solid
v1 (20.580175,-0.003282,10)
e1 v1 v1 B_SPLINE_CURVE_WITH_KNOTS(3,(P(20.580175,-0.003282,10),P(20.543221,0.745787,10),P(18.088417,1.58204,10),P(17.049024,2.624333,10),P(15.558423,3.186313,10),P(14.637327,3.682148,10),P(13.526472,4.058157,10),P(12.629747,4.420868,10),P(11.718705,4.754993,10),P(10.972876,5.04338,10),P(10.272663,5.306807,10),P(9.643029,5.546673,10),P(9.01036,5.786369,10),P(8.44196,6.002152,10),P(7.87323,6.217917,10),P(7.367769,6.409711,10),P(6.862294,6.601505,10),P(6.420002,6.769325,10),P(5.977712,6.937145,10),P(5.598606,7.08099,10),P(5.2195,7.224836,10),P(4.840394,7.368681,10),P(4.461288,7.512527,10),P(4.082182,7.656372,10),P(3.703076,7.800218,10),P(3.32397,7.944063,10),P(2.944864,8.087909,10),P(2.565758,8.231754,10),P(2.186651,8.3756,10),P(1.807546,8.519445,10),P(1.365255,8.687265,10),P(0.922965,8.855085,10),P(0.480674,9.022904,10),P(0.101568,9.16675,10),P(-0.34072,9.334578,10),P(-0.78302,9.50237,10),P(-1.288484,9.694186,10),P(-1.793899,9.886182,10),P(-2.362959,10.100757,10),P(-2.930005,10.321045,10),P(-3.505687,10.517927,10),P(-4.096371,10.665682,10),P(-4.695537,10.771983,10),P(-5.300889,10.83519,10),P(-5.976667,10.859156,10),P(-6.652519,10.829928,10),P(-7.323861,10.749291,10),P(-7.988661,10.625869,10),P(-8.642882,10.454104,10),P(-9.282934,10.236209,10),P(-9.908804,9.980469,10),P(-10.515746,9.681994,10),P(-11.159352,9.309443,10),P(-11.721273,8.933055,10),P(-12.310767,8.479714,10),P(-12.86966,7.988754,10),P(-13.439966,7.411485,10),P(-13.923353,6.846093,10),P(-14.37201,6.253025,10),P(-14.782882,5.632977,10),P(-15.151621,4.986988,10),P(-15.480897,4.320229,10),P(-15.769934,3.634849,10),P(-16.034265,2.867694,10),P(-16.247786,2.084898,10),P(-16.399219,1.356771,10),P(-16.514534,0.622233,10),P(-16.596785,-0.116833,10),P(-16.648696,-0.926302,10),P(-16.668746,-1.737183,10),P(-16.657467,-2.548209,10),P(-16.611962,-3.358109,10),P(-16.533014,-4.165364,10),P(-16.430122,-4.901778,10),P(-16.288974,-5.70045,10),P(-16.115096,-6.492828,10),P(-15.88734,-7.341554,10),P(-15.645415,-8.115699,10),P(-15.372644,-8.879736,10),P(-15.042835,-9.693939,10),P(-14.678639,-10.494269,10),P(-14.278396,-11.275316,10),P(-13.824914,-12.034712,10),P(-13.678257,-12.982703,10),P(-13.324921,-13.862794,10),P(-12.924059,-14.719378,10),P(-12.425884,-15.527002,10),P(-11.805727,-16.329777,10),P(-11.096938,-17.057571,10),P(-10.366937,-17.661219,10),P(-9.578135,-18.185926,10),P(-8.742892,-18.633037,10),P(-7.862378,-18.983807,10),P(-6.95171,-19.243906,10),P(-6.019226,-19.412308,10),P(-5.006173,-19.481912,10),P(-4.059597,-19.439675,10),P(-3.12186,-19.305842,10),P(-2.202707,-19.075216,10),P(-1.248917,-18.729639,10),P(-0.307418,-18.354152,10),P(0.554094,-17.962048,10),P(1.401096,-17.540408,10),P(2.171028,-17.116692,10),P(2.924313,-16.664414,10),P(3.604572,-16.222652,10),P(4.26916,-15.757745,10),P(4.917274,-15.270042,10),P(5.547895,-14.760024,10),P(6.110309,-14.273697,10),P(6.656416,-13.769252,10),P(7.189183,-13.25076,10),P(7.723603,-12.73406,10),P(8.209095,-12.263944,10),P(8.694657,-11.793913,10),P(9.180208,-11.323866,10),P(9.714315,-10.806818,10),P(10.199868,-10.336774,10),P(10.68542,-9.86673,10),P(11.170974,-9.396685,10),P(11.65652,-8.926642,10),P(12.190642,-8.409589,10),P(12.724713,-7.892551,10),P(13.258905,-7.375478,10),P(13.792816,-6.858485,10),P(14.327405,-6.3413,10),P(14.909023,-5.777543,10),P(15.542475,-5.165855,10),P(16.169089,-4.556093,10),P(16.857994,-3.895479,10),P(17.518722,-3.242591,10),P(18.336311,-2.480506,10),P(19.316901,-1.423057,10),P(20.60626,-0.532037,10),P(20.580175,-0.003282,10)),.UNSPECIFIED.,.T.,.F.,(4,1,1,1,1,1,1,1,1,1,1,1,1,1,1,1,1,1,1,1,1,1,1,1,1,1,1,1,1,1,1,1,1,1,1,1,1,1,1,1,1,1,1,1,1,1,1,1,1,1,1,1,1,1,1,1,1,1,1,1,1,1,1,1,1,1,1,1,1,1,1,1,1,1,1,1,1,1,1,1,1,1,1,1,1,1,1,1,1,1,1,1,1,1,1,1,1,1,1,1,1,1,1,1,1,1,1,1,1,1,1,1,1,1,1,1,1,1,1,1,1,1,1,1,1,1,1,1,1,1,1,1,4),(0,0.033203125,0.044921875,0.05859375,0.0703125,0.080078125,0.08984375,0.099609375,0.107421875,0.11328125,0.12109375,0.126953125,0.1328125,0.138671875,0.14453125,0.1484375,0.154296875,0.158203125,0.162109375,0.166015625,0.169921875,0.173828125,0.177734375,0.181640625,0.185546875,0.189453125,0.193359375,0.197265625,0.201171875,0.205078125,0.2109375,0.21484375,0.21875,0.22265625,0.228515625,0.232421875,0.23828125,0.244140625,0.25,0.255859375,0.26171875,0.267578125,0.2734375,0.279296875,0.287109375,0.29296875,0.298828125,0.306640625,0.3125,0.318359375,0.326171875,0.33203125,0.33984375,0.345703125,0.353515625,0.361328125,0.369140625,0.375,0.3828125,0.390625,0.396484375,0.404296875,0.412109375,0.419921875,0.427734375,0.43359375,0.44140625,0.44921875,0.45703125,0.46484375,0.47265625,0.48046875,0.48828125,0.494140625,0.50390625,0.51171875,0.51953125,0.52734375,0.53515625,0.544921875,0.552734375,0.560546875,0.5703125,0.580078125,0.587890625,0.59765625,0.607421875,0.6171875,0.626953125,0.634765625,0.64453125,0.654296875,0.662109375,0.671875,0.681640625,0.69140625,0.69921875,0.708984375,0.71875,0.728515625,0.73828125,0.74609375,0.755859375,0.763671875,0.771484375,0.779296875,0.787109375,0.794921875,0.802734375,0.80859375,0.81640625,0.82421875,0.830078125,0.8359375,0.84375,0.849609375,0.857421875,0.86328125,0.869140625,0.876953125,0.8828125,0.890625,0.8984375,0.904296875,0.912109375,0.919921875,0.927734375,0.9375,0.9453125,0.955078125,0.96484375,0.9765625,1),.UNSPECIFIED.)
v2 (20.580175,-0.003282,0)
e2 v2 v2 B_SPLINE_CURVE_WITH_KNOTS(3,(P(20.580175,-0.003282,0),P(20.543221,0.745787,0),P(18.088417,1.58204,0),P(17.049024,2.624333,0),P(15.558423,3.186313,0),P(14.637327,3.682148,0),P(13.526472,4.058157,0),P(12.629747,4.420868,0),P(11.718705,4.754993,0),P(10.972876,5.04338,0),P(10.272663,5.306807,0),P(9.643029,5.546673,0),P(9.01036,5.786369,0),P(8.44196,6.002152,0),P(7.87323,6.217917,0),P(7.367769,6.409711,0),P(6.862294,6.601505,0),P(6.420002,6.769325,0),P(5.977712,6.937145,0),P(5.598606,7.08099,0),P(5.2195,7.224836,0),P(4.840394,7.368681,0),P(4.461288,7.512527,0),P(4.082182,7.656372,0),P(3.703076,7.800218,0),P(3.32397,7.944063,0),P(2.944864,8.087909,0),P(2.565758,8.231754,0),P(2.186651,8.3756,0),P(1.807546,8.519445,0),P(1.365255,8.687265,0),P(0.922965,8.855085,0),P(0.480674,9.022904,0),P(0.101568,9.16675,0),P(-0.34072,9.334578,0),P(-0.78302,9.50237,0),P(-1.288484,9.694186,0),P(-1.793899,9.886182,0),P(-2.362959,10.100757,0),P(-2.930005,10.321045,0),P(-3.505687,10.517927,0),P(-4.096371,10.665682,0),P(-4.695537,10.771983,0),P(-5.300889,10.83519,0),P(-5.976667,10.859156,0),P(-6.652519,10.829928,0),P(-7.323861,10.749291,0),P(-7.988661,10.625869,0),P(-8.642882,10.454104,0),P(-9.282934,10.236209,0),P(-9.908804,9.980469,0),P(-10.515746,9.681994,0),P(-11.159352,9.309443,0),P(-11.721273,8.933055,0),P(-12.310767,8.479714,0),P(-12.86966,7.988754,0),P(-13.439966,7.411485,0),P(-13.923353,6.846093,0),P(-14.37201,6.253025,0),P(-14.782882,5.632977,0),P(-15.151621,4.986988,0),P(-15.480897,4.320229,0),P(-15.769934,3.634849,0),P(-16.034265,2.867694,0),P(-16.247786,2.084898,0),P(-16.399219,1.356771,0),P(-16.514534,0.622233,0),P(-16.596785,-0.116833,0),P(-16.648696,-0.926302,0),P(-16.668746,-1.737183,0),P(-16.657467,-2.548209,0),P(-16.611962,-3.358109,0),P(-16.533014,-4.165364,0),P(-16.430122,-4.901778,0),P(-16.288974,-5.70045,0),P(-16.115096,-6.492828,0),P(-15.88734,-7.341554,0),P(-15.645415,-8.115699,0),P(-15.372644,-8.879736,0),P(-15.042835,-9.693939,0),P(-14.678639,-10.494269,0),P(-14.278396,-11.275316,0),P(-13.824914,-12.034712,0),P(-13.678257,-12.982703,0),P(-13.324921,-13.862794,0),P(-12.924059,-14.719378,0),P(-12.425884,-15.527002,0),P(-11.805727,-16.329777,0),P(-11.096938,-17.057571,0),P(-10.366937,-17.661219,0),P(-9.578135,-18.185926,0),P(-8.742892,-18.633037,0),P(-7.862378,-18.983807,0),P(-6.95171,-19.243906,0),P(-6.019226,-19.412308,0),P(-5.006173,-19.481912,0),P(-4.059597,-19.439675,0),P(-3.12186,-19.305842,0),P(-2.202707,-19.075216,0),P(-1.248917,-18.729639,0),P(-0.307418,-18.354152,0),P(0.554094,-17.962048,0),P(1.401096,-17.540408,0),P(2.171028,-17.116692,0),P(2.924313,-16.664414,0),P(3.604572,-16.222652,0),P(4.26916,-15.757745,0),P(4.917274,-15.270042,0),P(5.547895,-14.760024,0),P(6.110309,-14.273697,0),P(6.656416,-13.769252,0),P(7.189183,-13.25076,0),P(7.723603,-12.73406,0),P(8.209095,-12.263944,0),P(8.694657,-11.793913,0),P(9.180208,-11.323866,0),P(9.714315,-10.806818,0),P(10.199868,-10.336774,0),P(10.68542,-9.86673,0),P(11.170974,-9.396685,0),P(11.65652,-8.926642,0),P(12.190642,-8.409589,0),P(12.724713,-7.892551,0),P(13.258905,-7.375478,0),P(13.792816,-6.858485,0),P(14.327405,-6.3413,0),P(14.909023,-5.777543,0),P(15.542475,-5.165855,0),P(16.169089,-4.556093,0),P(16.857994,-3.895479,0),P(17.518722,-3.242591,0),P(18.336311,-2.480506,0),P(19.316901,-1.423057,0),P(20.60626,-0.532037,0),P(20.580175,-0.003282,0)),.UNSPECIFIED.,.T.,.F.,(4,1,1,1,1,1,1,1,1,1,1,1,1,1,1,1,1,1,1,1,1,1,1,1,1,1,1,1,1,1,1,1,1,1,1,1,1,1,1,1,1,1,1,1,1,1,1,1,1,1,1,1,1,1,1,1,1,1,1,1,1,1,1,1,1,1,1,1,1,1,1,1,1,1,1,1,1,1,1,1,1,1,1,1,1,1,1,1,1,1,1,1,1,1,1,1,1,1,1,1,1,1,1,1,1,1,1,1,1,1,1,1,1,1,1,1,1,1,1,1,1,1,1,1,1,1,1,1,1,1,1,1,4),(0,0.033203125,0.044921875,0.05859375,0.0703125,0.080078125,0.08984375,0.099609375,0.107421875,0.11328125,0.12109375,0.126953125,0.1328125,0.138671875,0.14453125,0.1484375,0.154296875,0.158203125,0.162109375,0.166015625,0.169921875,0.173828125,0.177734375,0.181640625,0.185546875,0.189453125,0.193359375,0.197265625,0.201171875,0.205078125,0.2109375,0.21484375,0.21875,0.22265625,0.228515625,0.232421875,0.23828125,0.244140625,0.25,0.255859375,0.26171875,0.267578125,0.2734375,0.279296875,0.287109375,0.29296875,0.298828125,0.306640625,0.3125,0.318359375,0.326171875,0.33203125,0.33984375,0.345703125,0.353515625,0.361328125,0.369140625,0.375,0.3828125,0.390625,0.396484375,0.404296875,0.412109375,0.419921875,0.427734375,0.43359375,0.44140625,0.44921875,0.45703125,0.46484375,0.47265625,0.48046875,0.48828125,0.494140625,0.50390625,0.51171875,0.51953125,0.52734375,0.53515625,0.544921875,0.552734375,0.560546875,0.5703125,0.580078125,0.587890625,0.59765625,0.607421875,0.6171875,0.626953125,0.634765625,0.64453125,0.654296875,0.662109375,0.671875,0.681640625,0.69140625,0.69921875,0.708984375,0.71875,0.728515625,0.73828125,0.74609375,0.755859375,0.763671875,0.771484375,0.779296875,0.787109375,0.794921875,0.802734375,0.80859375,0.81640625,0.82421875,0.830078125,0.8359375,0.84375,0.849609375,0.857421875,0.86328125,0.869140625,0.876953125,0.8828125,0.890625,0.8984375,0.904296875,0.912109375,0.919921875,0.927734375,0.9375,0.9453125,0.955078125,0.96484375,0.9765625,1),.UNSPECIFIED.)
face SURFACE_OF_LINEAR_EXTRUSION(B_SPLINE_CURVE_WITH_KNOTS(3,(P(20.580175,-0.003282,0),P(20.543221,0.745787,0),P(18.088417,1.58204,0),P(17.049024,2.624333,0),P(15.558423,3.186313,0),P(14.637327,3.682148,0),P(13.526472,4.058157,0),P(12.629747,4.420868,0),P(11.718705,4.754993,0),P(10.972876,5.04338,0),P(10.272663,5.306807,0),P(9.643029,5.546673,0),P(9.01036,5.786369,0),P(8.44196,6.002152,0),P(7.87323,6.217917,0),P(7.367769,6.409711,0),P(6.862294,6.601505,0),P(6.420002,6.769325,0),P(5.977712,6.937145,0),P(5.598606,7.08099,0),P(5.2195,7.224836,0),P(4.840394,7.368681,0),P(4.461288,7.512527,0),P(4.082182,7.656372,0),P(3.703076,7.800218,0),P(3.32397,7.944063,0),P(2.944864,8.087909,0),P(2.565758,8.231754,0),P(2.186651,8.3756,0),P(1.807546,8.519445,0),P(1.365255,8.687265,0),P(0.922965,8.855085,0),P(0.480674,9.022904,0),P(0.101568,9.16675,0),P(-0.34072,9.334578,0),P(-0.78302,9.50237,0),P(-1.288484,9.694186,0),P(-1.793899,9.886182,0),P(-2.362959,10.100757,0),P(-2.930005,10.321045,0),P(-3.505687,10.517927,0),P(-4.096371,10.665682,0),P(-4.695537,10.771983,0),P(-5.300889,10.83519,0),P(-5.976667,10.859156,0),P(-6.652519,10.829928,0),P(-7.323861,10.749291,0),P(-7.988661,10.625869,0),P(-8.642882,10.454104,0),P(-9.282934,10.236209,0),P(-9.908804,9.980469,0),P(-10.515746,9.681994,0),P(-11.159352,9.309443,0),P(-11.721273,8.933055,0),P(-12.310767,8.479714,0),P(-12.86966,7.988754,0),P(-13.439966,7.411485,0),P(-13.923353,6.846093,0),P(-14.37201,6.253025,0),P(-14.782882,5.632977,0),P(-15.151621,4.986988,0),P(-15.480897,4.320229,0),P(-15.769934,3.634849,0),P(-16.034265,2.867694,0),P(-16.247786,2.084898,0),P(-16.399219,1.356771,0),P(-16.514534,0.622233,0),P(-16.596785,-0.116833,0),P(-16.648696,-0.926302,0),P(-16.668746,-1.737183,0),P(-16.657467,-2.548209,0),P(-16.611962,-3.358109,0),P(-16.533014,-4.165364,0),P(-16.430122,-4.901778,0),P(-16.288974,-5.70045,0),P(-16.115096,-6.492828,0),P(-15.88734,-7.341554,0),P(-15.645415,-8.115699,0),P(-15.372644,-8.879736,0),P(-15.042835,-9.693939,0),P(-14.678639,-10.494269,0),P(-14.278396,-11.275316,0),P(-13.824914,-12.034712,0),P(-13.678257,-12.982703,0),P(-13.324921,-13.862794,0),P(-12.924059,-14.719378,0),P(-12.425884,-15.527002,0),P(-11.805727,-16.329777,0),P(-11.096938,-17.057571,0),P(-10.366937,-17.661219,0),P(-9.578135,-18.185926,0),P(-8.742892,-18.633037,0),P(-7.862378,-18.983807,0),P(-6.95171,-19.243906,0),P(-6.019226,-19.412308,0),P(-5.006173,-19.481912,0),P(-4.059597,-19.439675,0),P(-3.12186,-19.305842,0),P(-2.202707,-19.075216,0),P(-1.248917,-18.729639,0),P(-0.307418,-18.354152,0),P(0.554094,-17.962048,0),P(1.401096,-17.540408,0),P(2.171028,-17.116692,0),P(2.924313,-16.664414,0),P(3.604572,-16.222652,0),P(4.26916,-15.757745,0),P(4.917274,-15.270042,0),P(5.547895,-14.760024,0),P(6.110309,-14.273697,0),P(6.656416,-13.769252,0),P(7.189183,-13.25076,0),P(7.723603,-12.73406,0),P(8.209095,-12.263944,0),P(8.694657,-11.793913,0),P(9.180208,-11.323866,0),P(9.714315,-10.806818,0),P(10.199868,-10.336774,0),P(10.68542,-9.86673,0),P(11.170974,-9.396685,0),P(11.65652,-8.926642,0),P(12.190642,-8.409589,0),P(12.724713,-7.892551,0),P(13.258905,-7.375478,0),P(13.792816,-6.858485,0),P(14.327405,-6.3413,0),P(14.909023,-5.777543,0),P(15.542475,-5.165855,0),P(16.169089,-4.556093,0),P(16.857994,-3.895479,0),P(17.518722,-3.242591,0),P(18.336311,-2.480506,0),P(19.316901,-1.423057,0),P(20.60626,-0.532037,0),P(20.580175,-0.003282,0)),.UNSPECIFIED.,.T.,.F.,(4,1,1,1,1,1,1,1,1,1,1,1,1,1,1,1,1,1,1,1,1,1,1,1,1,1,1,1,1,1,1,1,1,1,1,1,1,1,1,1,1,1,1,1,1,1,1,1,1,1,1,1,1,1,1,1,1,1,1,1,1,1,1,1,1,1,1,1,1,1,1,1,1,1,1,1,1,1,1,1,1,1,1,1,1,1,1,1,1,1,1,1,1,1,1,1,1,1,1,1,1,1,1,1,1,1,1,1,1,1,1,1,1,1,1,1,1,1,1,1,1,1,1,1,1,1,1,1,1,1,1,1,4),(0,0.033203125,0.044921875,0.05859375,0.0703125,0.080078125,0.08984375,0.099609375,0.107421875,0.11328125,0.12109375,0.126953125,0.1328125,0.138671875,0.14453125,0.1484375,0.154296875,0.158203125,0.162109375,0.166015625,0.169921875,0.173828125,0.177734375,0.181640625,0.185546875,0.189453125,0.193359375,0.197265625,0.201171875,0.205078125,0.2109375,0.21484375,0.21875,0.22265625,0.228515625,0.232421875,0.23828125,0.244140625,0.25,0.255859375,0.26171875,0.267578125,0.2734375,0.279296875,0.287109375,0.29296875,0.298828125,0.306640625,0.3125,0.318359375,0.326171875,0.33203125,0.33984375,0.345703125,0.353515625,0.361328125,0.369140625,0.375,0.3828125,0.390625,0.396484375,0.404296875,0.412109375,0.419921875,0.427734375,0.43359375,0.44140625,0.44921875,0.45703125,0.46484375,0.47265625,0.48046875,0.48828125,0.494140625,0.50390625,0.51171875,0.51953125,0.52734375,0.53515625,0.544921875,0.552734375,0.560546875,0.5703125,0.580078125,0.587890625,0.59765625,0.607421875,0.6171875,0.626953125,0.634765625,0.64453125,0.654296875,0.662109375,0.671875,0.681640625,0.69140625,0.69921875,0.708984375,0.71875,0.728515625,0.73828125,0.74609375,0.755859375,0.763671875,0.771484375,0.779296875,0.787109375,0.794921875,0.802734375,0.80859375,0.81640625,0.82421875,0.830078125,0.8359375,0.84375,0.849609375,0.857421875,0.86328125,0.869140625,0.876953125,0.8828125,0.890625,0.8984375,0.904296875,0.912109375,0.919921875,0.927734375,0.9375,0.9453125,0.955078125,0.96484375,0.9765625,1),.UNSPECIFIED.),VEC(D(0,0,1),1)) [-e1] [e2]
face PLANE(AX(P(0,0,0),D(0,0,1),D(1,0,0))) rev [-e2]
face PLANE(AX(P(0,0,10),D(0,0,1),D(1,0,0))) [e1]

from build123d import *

# Parameters (mm, degrees)
BOSS_EXTRUDE1_DEPTH = 10


with BuildPart() as part:
    # 3DSketch1 → Boss-Extrude1 (new body)
    with BuildSketch(Plane(origin=(20.580175011, -0.003282043, 0), x_dir=(-0.9937703775318802, -0.11144701315039465, 0), z_dir=(0, 0, 1))):
        with BuildLine():
            add(Edge.make_bspline(
                [(0, 0), (-0.046757783, -0.748521475), (2.299556262, -1.853145427), (3.216313907, -3.004781814), (4.63499743, -3.729383954), (5.495095822, -4.324784176), (6.557126253, -4.822251923), (7.407841594, -5.282640526), (8.275970607, -5.716217109), (8.9850133, -6.085927982), (9.651506237, -6.425750977), (10.250485376, -6.734293052), (10.85249982, -7.043005495), (11.393311, -7.320790209), (11.934451883, -7.598593999), (12.415389216, -7.845525936), (12.896339675, -8.092458718), (13.31717332, -8.308524991), (13.738004933, -8.524591174), (14.09871816, -8.709790821), (14.459431491, -8.894990451), (14.820144675, -9.080190191), (15.18085794, -9.265389788), (15.541571153, -9.450589508), (15.902284353, -9.635789246), (16.262997549, -9.820988991), (16.623710911, -10.006188412), (16.984424305, -10.191387771), (17.345137493, -10.376587535), (17.705850548, -10.561787553), (18.126682695, -10.777853741), (18.547514682, -10.993920324), (18.96834729, -11.209985522), (19.329060296, -11.3951855), (19.749888824, -11.611259749), (20.170733721, -11.827300063), (20.651671714, -12.07425294), (21.132540965, -12.321380081), (21.674141927, -12.598038097), (22.213105416, -12.880150234), (22.763258936, -13.139963307), (23.333796447, -13.352627575), (23.917382582, -13.525041392), (24.51191963, -13.655319469), (25.180816875, -13.754449911), (25.855715967, -13.800726082), (26.531862575, -13.795409868), (27.206275767, -13.74684666), (27.875563765, -13.649062743), (28.53591251, -13.503856761), (29.186385261, -13.319462028), (29.822810101, -13.090487654), (30.503926067, -12.791985966), (31.104294031, -12.480567253), (31.740639499, -12.095747745), (32.35076659, -11.670133009), (32.981855013, -11.160018664), (33.525241627, -10.652021634), (34.037198894, -10.11264907), (34.514614297, -9.54225396), (34.953049663, -8.941384137), (35.35458323, -8.315476), (35.718202878, -7.666578456), (36.066384367, -6.933660583), (36.365815396, -6.179537897), (36.59745292, -5.472823121), (36.793911532, -4.755712526), (36.958016442, -4.030417372), (37.099816767, -3.231777022), (37.210112295, -2.428181181), (37.289290243, -1.620951222), (37.334329419, -0.811025165), (37.345839968, 0), (37.325659398, 0.743293239), (37.274400811, 1.552720379), (37.189913926, 2.359540058), (37.058164355, 3.228361715), (36.90402239, 4.024645687), (36.718100299, 4.814322645), (36.481086928, 5.660209532), (36.208354602, 6.496142835), (35.897649527, 7.316930323), (35.531624739, 8.122134225), (35.491532859, 9.080563724), (35.23848077, 9.994550554), (34.935580161, 10.890473235), (34.530515966, 11.748586045), (34.003688938, 12.615474832), (33.380425745, 13.417727423), (32.722247722, 14.098971369), (31.996836584, 14.708319027), (31.216625699, 15.245729972), (30.380689814, 15.692445802), (29.504682308, 16.052415537), (28.596774744, 16.323691026), (27.597789699, 16.505763629), (26.652403282, 16.569282431), (25.70559268, 16.540791032), (24.766463614, 16.414038324), (23.780101571, 16.176912074), (22.802621093, 15.908690609), (21.902777228, 15.615042761), (21.014061103, 15.290424856), (20.20170361, 14.955155545), (19.402706344, 14.589646267), (18.67745181, 14.226448908), (17.965190957, 13.838504987), (17.266762191, 13.426069802), (16.583229802, 12.989510061), (15.970119344, 12.56889196), (15.371195244, 12.128452217), (14.783962751, 11.672565203), (14.195288063, 11.218643529), (13.66042666, 10.80556312), (13.125506538, 10.392574239), (12.590594607, 9.979569243), (12.002191158, 9.525266456), (11.467278206, 9.112263723), (10.93236616, 8.699261525), (10.397451798, 8.286257878), (9.862545409, 7.873256113), (9.274126789, 7.418950834), (8.685760597, 6.964654067), (8.097270747, 6.510336713), (7.509068022, 6.056066918), (6.920170469, 5.601682465), (6.27934741, 5.106255993), (5.581670385, 4.568975022), (4.891003667, 4.032846756), (4.132766993, 3.453123637), (3.403392397, 2.877939139), (2.505965201, 2.211719501), (1.413634216, 1.270141784), (0.033005494, 0.5283681), (0, 0)],
                knots=[0, 0, 0, 0, 0.033203125, 0.044921875, 0.05859375, 0.0703125, 0.080078125, 0.08984375, 0.099609375, 0.107421875, 0.11328125, 0.12109375, 0.126953125, 0.1328125, 0.138671875, 0.14453125, 0.1484375, 0.154296875, 0.158203125, 0.162109375, 0.166015625, 0.169921875, 0.173828125, 0.177734375, 0.181640625, 0.185546875, 0.189453125, 0.193359375, 0.197265625, 0.201171875, 0.205078125, 0.2109375, 0.21484375, 0.21875, 0.22265625, 0.228515625, 0.232421875, 0.23828125, 0.244140625, 0.25, 0.255859375, 0.26171875, 0.267578125, 0.2734375, 0.279296875, 0.287109375, 0.29296875, 0.298828125, 0.306640625, 0.3125, 0.318359375, 0.326171875, 0.33203125, 0.33984375, 0.345703125, 0.353515625, 0.361328125, 0.369140625, 0.375, 0.3828125, 0.390625, 0.396484375, 0.404296875, 0.412109375, 0.419921875, 0.427734375, 0.43359375, 0.44140625, 0.44921875, 0.45703125, 0.46484375, 0.47265625, 0.48046875, 0.48828125, 0.494140625, 0.50390625, 0.51171875, 0.51953125, 0.52734375, 0.53515625, 0.544921875, 0.552734375, 0.560546875, 0.5703125, 0.580078125, 0.587890625, 0.59765625, 0.607421875, 0.6171875, 0.626953125, 0.634765625, 0.64453125, 0.654296875, 0.662109375, 0.671875, 0.681640625, 0.69140625, 0.69921875, 0.708984375, 0.71875, 0.728515625, 0.73828125, 0.74609375, 0.755859375, 0.763671875, 0.771484375, 0.779296875, 0.787109375, 0.794921875, 0.802734375, 0.80859375, 0.81640625, 0.82421875, 0.830078125, 0.8359375, 0.84375, 0.849609375, 0.857421875, 0.86328125, 0.869140625, 0.876953125, 0.8828125, 0.890625, 0.8984375, 0.904296875, 0.912109375, 0.919921875, 0.927734375, 0.9375, 0.9453125, 0.955078125, 0.96484375, 0.9765625, 1, 1, 1, 1], degree=3))
        make_face()
    extrude(amount=BOSS_EXTRUDE1_DEPTH)


solid = part.part
